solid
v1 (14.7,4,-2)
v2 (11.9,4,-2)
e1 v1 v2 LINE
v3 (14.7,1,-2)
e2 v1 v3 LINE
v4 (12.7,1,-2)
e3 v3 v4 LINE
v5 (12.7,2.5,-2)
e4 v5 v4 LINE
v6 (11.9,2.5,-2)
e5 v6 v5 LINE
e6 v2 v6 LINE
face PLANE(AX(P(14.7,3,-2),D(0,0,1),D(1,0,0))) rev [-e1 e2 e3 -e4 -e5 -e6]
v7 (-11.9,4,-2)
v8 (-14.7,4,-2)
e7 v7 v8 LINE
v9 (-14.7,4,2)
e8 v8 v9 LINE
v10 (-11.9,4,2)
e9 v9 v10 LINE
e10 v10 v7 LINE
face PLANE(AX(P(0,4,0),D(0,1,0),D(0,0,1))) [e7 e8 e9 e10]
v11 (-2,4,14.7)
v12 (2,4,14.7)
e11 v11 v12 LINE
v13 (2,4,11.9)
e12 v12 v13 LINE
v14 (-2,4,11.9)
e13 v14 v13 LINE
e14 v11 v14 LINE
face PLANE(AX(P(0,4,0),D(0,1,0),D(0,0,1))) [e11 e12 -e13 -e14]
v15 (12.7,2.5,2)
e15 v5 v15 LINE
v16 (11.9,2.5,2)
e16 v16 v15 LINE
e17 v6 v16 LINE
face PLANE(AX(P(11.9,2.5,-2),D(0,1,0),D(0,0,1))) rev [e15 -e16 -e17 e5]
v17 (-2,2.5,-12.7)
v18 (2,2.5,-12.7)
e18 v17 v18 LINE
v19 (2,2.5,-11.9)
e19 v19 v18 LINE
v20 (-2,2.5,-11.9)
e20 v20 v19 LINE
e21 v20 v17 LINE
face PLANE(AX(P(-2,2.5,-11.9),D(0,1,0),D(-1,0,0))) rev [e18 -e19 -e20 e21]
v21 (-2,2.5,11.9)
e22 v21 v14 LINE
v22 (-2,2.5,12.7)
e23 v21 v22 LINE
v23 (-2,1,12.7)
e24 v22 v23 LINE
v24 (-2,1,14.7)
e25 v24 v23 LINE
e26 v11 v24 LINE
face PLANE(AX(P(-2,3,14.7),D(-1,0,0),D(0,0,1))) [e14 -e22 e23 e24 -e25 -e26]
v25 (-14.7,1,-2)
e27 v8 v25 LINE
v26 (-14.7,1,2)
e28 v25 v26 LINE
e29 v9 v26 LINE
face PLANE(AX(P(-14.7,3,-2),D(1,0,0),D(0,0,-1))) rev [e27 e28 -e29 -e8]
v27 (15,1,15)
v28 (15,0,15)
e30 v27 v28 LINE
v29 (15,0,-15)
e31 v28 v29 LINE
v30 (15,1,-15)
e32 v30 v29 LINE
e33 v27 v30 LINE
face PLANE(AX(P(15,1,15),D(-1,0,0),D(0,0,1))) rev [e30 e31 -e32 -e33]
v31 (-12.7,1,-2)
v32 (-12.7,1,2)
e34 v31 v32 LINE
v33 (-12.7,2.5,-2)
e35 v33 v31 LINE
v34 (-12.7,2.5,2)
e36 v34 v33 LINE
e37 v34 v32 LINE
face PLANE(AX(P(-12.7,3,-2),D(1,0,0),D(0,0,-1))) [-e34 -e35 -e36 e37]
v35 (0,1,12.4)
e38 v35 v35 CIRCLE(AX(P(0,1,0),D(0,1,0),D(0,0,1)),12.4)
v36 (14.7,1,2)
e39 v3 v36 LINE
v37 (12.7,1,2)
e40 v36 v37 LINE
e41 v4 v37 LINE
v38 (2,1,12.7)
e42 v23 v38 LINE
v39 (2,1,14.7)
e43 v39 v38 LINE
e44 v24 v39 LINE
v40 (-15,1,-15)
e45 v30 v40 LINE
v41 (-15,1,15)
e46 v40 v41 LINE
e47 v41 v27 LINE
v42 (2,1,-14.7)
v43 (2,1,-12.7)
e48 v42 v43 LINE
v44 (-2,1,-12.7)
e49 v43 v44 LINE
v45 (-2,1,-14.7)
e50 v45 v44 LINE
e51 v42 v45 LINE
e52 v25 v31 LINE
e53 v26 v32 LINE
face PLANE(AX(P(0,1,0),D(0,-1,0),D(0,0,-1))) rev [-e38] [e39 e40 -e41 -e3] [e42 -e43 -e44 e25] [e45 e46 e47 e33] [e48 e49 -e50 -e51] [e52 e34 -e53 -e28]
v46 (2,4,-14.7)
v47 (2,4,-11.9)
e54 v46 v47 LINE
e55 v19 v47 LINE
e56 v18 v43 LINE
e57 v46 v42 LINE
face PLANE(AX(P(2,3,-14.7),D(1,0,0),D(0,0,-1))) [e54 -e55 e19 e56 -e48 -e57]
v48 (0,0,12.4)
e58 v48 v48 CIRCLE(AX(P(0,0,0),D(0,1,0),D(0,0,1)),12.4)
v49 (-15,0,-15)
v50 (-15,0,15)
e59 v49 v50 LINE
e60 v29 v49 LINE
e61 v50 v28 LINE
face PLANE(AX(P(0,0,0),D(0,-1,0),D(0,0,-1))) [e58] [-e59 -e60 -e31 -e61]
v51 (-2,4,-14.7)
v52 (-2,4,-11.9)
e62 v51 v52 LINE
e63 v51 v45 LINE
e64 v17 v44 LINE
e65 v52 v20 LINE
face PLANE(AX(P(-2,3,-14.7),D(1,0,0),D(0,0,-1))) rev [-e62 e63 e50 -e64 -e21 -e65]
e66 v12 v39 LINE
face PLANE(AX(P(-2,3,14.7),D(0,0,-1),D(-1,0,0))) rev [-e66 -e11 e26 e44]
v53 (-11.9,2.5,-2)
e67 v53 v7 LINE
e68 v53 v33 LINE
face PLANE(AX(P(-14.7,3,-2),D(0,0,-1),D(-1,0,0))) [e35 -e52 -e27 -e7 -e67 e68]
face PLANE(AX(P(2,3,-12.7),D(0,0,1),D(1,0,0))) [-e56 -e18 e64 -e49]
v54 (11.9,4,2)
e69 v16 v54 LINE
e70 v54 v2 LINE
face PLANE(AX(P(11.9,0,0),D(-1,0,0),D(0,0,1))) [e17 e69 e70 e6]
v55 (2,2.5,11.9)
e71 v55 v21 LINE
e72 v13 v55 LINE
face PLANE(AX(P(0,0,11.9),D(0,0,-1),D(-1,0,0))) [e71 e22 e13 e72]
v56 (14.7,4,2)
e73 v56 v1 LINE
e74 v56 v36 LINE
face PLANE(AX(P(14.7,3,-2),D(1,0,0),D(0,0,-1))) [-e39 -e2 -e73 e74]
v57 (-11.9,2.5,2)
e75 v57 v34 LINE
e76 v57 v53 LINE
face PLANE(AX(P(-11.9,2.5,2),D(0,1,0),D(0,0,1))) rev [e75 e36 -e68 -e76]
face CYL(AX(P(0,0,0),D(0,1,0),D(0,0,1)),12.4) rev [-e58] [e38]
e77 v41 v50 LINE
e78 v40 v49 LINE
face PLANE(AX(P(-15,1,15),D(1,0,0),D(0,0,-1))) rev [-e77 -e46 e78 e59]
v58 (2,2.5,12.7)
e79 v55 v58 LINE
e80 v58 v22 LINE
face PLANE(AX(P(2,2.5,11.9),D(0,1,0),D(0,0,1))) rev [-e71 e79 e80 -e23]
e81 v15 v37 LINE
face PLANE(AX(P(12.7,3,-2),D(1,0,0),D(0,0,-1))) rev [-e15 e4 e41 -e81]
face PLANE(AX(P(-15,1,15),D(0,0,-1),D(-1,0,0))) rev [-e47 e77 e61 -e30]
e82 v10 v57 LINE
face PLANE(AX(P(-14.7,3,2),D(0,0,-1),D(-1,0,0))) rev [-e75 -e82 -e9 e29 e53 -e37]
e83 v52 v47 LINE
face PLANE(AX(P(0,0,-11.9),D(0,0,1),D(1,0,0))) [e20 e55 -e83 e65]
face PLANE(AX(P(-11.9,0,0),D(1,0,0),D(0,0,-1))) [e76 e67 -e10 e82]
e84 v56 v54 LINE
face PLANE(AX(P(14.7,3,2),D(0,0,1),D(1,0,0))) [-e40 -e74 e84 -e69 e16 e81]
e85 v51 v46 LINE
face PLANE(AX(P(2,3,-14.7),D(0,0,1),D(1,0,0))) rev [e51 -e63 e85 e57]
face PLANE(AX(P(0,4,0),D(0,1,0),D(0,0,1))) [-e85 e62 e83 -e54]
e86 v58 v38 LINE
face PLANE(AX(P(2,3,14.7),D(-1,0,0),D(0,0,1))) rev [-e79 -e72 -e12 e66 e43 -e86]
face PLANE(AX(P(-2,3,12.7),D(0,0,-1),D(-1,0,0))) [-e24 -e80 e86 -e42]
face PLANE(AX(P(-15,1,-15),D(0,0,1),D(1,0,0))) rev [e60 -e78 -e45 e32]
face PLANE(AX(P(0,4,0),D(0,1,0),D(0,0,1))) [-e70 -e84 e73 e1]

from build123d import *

# Parameters (mm, degrees)
SKETCH1_W           = 30
SKETCH1_H           = 30
BOSS_EXTRUDE1_DEPTH = 1
SKETCH2_R           = 12.4
CUT_EXTRUDE1_DEPTH  = 22.236760582
SKETCH4_W           = 2
SKETCH4_H           = 4
SKETCH4_W_2         = 4
SKETCH4_H_2         = 2
BOSS_EXTRUDE2_DEPTH = 2
SKETCH5_W           = 4
SKETCH5_H           = 0.5
BOSS_EXTRUDE3_DEPTH = 0.8
SKETCH6_W           = 4
SKETCH6_H           = 0.5
BOSS_EXTRUDE4_DEPTH = 0.8
SKETCH7_W           = 4
SKETCH7_H           = 0.5
BOSS_EXTRUDE5_DEPTH = 0.8
SKETCH8_W           = 4
SKETCH8_H           = 0.5
BOSS_EXTRUDE6_DEPTH = 0.8
SKETCH9_W           = 2.8
SKETCH9_H           = 4
SKETCH9_W_2         = 4
SKETCH9_H_2         = 2.8
BOSS_EXTRUDE7_DEPTH = 1


with BuildPart() as part:
    # Sketch1 → Boss-Extrude1 (new body)
    with BuildSketch(Plane(origin=(0, 0, 0), x_dir=(1, 0, 0), z_dir=(0, 1, 0))):
        Rectangle(SKETCH1_W, SKETCH1_H)
    extrude(amount=BOSS_EXTRUDE1_DEPTH)

    # Sketch2 → Cut-Extrude1 (cut, through all)
    with BuildSketch(Plane(origin=(0, 1, 0), x_dir=(1, 0, 0), z_dir=(0, 1, 0))):
        with Locations(Location((0, 0, 0), (0, 0, 270))):
            Circle(SKETCH2_R)
    extrude(amount=-CUT_EXTRUDE1_DEPTH, mode=Mode.SUBTRACT)

    # Sketch4 → Boss-Extrude2 (add)
    with BuildSketch(Plane(origin=(0, 1, 0), x_dir=(1, 0, 0), z_dir=(0, 1, 0))):
        with Locations((13.7, 0)):
            Rectangle(SKETCH4_W, SKETCH4_H)
        with Locations((-13.7, 0)):
            Rectangle(SKETCH4_W, SKETCH4_H)
        with Locations((0, 13.7)):
            Rectangle(SKETCH4_W_2, SKETCH4_H_2)
        with Locations((0, -13.7)):
            Rectangle(SKETCH4_W_2, SKETCH4_H_2)
    extrude(amount=BOSS_EXTRUDE2_DEPTH)

    # Sketch5 → Boss-Extrude3 (add)
    with BuildSketch(Plane.ZY.offset(-12.7)):
        with Locations((0, 2.75)):
            Rectangle(SKETCH5_W, SKETCH5_H)
    extrude(amount=BOSS_EXTRUDE3_DEPTH)

    # Sketch6 → Boss-Extrude4 (add)
    with BuildSketch(Plane(origin=(0, 0, 12.7), x_dir=(-1, 0, 0), z_dir=(0, 0, -1))):
        with Locations((0, 2.75)):
            Rectangle(SKETCH6_W, SKETCH6_H)
    extrude(amount=BOSS_EXTRUDE4_DEPTH)

    # Sketch7 → Boss-Extrude5 (add)
    with BuildSketch(Plane(origin=(-12.7, 0, 0), x_dir=(0, 0, -1), z_dir=(1, 0, 0))):
        with Locations((0, 2.75)):
            Rectangle(SKETCH7_W, SKETCH7_H)
    extrude(amount=BOSS_EXTRUDE5_DEPTH)

    # Sketch8 → Boss-Extrude6 (add)
    with BuildSketch(Plane.XY.offset(-12.7)):
        with Locations((0, 2.75)):
            Rectangle(SKETCH8_W, SKETCH8_H)
    extrude(amount=BOSS_EXTRUDE6_DEPTH)

    # Sketch9 → Boss-Extrude7 (add)
    with BuildSketch(Plane(origin=(0, 3, 0), x_dir=(1, 0, 0), z_dir=(0, 1, 0))):
        with Locations((13.3, 0)):
            Rectangle(SKETCH9_W, SKETCH9_H)
        with Locations((-13.3, 0)):
            Rectangle(SKETCH9_W, SKETCH9_H)
        with Locations((0, -13.3)):
            Rectangle(SKETCH9_W_2, SKETCH9_H_2)
        with Locations((0, 13.3)):
            Rectangle(SKETCH9_W_2, SKETCH9_H_2)
    extrude(amount=BOSS_EXTRUDE7_DEPTH)


solid = part.part
